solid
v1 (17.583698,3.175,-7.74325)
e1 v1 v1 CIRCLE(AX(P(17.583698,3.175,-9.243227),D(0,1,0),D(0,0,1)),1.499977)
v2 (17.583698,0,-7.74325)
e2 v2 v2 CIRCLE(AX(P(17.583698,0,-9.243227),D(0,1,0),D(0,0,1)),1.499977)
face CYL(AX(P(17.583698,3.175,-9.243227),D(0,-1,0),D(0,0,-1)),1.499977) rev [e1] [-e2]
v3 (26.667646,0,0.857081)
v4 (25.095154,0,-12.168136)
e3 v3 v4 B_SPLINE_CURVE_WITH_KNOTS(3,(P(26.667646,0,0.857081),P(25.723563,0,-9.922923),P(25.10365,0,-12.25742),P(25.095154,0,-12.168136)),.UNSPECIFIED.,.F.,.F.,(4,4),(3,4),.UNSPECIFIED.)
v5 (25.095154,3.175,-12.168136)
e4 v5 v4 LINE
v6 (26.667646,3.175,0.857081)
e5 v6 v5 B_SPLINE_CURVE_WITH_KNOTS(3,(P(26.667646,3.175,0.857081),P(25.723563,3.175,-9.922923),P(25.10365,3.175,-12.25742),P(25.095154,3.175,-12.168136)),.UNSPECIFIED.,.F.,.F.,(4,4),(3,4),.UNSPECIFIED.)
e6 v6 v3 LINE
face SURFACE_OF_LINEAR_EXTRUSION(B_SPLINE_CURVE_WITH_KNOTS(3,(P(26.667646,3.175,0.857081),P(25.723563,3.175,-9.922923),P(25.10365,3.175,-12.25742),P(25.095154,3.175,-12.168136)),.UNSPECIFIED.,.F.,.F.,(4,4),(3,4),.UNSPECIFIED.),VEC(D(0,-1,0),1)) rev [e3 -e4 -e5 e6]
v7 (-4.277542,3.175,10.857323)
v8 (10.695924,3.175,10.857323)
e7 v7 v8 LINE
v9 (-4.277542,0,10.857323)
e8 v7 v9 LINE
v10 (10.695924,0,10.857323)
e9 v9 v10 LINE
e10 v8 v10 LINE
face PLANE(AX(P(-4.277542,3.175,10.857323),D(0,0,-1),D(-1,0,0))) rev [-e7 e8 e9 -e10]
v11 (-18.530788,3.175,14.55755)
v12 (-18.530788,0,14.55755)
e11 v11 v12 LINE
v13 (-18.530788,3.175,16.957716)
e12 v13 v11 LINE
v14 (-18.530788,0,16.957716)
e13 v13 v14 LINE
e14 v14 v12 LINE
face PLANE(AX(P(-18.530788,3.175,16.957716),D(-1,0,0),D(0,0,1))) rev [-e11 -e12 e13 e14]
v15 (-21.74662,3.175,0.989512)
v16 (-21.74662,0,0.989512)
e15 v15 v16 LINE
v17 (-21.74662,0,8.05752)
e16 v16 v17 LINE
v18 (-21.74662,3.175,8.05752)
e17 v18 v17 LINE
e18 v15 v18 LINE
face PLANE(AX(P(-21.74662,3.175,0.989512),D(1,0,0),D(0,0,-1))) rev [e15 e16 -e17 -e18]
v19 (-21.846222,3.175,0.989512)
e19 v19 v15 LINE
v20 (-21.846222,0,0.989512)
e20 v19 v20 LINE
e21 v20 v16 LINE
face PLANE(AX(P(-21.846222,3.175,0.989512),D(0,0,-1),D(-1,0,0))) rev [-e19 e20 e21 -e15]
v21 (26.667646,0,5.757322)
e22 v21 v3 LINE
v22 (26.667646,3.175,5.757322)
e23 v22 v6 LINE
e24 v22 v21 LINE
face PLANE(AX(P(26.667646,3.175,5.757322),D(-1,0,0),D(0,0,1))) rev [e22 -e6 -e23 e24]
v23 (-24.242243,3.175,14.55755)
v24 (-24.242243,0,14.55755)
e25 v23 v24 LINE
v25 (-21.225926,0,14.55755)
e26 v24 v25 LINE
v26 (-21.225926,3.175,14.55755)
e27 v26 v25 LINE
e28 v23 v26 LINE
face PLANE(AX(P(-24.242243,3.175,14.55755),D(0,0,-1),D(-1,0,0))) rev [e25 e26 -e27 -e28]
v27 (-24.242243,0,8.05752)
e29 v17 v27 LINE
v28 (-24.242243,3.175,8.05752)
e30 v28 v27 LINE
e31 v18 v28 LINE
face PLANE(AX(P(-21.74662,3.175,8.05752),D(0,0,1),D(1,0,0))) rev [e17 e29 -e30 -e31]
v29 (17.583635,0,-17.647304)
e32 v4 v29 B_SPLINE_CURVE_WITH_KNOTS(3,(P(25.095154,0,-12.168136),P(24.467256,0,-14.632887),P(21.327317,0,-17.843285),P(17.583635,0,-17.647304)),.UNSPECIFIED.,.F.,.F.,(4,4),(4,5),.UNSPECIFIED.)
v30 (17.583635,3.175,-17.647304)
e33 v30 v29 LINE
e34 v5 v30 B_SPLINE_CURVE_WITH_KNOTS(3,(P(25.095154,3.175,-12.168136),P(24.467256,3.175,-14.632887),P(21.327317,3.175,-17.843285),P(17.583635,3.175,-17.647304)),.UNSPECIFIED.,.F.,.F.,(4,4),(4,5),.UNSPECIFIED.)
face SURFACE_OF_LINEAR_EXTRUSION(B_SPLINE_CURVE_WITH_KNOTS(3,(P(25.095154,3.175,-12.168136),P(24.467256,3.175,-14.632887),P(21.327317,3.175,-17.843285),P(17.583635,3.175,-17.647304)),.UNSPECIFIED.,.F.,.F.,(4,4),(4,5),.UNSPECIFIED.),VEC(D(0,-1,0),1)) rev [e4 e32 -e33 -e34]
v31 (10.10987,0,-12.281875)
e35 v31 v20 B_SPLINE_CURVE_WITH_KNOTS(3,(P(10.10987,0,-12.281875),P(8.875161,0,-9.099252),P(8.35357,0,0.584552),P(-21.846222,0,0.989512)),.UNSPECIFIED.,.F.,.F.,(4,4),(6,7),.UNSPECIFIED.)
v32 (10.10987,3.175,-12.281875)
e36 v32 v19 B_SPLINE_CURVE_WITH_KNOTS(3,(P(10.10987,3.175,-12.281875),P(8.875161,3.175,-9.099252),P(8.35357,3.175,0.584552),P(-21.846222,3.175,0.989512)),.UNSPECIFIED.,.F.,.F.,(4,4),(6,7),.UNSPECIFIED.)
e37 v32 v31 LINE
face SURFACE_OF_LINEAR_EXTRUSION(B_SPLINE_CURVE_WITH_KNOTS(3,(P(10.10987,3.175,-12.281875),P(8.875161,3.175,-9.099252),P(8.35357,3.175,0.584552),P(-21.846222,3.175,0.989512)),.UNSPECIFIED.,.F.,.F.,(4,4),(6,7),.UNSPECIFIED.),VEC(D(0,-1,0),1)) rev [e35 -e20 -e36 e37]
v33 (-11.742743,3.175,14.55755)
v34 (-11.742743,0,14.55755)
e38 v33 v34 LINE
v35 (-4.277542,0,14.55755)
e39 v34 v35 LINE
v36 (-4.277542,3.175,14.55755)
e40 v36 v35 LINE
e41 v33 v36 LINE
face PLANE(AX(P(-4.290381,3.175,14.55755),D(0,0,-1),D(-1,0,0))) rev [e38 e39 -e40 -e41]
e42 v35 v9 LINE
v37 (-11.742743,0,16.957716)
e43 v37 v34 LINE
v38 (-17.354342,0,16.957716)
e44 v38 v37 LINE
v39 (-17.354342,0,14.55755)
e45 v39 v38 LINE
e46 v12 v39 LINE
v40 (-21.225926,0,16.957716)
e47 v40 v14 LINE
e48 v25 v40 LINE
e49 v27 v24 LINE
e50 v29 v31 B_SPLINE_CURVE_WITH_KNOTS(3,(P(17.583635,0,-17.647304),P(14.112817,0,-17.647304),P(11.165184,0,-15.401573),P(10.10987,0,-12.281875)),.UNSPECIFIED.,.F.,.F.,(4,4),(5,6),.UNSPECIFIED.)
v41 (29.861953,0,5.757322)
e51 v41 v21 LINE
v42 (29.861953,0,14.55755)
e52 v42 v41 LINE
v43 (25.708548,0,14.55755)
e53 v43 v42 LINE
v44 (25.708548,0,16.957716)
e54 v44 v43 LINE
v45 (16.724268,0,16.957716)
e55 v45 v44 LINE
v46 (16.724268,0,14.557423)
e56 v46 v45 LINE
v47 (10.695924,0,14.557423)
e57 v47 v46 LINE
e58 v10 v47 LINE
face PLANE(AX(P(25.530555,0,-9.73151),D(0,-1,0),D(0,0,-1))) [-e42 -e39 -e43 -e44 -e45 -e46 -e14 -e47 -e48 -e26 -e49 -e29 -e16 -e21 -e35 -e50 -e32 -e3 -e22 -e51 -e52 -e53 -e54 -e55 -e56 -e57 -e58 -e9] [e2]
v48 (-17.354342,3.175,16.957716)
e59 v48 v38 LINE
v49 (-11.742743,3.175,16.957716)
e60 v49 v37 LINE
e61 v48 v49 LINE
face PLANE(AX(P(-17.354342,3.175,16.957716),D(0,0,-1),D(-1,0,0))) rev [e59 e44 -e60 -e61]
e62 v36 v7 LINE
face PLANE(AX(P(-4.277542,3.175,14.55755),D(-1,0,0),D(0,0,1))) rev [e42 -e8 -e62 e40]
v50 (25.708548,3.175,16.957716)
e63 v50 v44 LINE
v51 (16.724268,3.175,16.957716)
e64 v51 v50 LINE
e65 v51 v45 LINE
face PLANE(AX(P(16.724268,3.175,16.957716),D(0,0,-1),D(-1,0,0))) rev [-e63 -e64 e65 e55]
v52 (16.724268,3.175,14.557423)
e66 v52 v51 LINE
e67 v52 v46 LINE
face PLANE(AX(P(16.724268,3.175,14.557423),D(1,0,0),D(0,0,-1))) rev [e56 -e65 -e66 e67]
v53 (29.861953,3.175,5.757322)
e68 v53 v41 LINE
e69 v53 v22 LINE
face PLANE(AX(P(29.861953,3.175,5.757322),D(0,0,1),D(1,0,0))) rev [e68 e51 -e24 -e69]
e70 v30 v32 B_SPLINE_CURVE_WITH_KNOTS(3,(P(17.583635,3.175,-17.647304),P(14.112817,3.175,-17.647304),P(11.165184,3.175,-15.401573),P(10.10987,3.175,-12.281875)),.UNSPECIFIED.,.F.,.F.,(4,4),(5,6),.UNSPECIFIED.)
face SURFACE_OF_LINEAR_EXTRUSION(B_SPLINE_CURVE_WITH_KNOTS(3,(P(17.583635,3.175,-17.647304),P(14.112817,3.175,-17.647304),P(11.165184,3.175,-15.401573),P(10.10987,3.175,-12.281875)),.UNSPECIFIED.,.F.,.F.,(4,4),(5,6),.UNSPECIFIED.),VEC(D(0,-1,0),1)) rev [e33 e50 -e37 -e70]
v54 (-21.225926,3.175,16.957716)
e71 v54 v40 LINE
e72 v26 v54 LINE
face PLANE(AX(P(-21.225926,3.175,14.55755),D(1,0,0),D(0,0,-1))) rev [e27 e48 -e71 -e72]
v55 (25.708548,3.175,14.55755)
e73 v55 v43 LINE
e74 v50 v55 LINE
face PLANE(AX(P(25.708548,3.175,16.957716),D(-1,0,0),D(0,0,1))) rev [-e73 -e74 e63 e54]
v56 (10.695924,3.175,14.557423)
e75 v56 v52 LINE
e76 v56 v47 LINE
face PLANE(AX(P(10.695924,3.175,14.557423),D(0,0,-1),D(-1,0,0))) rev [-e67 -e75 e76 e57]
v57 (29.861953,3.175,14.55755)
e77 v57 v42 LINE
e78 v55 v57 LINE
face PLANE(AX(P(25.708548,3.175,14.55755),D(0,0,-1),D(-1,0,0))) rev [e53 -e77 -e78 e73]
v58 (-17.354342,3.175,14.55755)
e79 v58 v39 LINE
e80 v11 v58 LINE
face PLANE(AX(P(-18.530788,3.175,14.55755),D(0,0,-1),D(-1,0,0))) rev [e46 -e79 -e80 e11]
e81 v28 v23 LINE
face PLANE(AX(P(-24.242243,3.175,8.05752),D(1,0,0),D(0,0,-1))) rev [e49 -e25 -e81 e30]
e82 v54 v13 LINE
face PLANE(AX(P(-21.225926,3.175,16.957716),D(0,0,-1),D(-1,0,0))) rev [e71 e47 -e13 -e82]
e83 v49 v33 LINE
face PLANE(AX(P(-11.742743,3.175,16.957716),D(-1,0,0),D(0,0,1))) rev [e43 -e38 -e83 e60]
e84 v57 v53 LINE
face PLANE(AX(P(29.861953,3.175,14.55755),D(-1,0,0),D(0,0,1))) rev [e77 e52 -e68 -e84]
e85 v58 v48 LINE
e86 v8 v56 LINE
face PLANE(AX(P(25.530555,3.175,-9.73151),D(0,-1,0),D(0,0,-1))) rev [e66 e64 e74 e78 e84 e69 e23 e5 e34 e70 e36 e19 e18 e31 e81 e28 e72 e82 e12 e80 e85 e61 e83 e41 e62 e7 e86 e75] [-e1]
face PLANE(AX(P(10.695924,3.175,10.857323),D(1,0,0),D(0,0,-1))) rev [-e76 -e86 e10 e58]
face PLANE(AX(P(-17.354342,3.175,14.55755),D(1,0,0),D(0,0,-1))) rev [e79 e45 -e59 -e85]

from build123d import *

# Parameters (mm, degrees)
SKETCH1_R           = 1.499976783
BOSS_EXTRUDE1_DEPTH = 3.175


with BuildPart() as part:
    # Sketch1 → Boss-Extrude1 (new body)
    with BuildSketch(Plane(origin=(0, 0, 0), x_dir=(1, 0, 0), z_dir=(0, 1, 0))):
        with BuildLine():
            Line((29.861952869, -5.757321993), (26.667645588, -5.757321993))
            Line((26.667645588, -5.757321993), (26.667645588, -0.857080759))
            add(Edge.make_bspline(
                [(26.667645588, -0.857080759), (25.72356302, 9.922922576), (25.103649505, 12.257419962), (25.095153567, 12.168136444)],
                knots=[3, 3, 3, 3, 4, 4, 4, 4], degree=3))
            add(Edge.make_bspline(
                [(25.095153567, 12.168136444), (24.467255917, 14.632886979), (21.327316795, 17.843284785), (17.583634713, 17.647304435)],
                knots=[4, 4, 4, 4, 5, 5, 5, 5], degree=3))
            add(Edge.make_bspline(
                [(17.583634713, 17.647304435), (14.112817036, 17.647304435), (11.16518444, 15.401572953), (10.109869901, 12.281874779)],
                knots=[5, 5, 5, 5, 6, 6, 6, 6], degree=3))
            add(Edge.make_bspline(
                [(10.109869901, 12.281874779), (8.875160908, 9.099252332), (8.353569729, -0.584552145), (-21.846222224, -0.989511791)],
                knots=[6, 6, 6, 6, 7, 7, 7, 7], degree=3))
            Line((-21.846222224, -0.989511791), (-21.74662038, -0.989511791))
            Line((-21.74662038, -0.989511791), (-21.74662038, -8.05752013))
            Line((-21.74662038, -8.05752013), (-24.242242708, -8.05752013))
            Line((-24.242242708, -8.05752013), (-24.242242708, -14.557549737))
            Line((-24.242242708, -14.557549737), (-21.225926076, -14.557549737))
            Line((-21.225926076, -14.557549737), (-21.225926076, -16.957715728))
            Line((-21.225926076, -16.957715728), (-18.530788103, -16.957715728))
            Line((-18.530788103, -16.957715728), (-18.530788103, -14.557549737))
            Line((-18.530788103, -14.557549737), (-17.354341851, -14.557549737))
            Line((-17.354341851, -14.557549737), (-17.354341851, -16.957715728))
            Line((-17.354341851, -16.957715728), (-11.742742556, -16.957715728))
            Line((-11.742742556, -16.957715728), (-11.742742556, -14.557549737))
            Line((-11.742742556, -14.557549737), (-4.290380881, -14.557549737))
            Line((-4.290380881, -14.557549737), (-4.277541923, -14.557549737))
            Line((-4.277541923, -14.557549737), (-4.277541923, -10.857323134))
            Line((-4.277541923, -10.857323134), (10.695923955, -10.857323134))
            Line((10.695923955, -10.857323134), (10.695923955, -14.557422775))
            Line((10.695923955, -14.557422775), (16.724267817, -14.557422775))
            Line((16.724267817, -14.557422775), (16.724267817, -16.957715728))
            Line((16.724267817, -16.957715728), (25.708547678, -16.957715728))
            Line((25.708547678, -16.957715728), (25.708547678, -14.557549737))
            Line((25.708547678, -14.557549737), (29.861952869, -14.557549737))
            Line((29.861952869, -14.557549737), (29.861952869, -5.757321993))
        make_face()
        with Locations(Location((17.58369808, 9.243227132, 0), (0, 0, 270))):
            Circle(SKETCH1_R, mode=Mode.SUBTRACT)
    extrude(amount=BOSS_EXTRUDE1_DEPTH)


solid = part.part
